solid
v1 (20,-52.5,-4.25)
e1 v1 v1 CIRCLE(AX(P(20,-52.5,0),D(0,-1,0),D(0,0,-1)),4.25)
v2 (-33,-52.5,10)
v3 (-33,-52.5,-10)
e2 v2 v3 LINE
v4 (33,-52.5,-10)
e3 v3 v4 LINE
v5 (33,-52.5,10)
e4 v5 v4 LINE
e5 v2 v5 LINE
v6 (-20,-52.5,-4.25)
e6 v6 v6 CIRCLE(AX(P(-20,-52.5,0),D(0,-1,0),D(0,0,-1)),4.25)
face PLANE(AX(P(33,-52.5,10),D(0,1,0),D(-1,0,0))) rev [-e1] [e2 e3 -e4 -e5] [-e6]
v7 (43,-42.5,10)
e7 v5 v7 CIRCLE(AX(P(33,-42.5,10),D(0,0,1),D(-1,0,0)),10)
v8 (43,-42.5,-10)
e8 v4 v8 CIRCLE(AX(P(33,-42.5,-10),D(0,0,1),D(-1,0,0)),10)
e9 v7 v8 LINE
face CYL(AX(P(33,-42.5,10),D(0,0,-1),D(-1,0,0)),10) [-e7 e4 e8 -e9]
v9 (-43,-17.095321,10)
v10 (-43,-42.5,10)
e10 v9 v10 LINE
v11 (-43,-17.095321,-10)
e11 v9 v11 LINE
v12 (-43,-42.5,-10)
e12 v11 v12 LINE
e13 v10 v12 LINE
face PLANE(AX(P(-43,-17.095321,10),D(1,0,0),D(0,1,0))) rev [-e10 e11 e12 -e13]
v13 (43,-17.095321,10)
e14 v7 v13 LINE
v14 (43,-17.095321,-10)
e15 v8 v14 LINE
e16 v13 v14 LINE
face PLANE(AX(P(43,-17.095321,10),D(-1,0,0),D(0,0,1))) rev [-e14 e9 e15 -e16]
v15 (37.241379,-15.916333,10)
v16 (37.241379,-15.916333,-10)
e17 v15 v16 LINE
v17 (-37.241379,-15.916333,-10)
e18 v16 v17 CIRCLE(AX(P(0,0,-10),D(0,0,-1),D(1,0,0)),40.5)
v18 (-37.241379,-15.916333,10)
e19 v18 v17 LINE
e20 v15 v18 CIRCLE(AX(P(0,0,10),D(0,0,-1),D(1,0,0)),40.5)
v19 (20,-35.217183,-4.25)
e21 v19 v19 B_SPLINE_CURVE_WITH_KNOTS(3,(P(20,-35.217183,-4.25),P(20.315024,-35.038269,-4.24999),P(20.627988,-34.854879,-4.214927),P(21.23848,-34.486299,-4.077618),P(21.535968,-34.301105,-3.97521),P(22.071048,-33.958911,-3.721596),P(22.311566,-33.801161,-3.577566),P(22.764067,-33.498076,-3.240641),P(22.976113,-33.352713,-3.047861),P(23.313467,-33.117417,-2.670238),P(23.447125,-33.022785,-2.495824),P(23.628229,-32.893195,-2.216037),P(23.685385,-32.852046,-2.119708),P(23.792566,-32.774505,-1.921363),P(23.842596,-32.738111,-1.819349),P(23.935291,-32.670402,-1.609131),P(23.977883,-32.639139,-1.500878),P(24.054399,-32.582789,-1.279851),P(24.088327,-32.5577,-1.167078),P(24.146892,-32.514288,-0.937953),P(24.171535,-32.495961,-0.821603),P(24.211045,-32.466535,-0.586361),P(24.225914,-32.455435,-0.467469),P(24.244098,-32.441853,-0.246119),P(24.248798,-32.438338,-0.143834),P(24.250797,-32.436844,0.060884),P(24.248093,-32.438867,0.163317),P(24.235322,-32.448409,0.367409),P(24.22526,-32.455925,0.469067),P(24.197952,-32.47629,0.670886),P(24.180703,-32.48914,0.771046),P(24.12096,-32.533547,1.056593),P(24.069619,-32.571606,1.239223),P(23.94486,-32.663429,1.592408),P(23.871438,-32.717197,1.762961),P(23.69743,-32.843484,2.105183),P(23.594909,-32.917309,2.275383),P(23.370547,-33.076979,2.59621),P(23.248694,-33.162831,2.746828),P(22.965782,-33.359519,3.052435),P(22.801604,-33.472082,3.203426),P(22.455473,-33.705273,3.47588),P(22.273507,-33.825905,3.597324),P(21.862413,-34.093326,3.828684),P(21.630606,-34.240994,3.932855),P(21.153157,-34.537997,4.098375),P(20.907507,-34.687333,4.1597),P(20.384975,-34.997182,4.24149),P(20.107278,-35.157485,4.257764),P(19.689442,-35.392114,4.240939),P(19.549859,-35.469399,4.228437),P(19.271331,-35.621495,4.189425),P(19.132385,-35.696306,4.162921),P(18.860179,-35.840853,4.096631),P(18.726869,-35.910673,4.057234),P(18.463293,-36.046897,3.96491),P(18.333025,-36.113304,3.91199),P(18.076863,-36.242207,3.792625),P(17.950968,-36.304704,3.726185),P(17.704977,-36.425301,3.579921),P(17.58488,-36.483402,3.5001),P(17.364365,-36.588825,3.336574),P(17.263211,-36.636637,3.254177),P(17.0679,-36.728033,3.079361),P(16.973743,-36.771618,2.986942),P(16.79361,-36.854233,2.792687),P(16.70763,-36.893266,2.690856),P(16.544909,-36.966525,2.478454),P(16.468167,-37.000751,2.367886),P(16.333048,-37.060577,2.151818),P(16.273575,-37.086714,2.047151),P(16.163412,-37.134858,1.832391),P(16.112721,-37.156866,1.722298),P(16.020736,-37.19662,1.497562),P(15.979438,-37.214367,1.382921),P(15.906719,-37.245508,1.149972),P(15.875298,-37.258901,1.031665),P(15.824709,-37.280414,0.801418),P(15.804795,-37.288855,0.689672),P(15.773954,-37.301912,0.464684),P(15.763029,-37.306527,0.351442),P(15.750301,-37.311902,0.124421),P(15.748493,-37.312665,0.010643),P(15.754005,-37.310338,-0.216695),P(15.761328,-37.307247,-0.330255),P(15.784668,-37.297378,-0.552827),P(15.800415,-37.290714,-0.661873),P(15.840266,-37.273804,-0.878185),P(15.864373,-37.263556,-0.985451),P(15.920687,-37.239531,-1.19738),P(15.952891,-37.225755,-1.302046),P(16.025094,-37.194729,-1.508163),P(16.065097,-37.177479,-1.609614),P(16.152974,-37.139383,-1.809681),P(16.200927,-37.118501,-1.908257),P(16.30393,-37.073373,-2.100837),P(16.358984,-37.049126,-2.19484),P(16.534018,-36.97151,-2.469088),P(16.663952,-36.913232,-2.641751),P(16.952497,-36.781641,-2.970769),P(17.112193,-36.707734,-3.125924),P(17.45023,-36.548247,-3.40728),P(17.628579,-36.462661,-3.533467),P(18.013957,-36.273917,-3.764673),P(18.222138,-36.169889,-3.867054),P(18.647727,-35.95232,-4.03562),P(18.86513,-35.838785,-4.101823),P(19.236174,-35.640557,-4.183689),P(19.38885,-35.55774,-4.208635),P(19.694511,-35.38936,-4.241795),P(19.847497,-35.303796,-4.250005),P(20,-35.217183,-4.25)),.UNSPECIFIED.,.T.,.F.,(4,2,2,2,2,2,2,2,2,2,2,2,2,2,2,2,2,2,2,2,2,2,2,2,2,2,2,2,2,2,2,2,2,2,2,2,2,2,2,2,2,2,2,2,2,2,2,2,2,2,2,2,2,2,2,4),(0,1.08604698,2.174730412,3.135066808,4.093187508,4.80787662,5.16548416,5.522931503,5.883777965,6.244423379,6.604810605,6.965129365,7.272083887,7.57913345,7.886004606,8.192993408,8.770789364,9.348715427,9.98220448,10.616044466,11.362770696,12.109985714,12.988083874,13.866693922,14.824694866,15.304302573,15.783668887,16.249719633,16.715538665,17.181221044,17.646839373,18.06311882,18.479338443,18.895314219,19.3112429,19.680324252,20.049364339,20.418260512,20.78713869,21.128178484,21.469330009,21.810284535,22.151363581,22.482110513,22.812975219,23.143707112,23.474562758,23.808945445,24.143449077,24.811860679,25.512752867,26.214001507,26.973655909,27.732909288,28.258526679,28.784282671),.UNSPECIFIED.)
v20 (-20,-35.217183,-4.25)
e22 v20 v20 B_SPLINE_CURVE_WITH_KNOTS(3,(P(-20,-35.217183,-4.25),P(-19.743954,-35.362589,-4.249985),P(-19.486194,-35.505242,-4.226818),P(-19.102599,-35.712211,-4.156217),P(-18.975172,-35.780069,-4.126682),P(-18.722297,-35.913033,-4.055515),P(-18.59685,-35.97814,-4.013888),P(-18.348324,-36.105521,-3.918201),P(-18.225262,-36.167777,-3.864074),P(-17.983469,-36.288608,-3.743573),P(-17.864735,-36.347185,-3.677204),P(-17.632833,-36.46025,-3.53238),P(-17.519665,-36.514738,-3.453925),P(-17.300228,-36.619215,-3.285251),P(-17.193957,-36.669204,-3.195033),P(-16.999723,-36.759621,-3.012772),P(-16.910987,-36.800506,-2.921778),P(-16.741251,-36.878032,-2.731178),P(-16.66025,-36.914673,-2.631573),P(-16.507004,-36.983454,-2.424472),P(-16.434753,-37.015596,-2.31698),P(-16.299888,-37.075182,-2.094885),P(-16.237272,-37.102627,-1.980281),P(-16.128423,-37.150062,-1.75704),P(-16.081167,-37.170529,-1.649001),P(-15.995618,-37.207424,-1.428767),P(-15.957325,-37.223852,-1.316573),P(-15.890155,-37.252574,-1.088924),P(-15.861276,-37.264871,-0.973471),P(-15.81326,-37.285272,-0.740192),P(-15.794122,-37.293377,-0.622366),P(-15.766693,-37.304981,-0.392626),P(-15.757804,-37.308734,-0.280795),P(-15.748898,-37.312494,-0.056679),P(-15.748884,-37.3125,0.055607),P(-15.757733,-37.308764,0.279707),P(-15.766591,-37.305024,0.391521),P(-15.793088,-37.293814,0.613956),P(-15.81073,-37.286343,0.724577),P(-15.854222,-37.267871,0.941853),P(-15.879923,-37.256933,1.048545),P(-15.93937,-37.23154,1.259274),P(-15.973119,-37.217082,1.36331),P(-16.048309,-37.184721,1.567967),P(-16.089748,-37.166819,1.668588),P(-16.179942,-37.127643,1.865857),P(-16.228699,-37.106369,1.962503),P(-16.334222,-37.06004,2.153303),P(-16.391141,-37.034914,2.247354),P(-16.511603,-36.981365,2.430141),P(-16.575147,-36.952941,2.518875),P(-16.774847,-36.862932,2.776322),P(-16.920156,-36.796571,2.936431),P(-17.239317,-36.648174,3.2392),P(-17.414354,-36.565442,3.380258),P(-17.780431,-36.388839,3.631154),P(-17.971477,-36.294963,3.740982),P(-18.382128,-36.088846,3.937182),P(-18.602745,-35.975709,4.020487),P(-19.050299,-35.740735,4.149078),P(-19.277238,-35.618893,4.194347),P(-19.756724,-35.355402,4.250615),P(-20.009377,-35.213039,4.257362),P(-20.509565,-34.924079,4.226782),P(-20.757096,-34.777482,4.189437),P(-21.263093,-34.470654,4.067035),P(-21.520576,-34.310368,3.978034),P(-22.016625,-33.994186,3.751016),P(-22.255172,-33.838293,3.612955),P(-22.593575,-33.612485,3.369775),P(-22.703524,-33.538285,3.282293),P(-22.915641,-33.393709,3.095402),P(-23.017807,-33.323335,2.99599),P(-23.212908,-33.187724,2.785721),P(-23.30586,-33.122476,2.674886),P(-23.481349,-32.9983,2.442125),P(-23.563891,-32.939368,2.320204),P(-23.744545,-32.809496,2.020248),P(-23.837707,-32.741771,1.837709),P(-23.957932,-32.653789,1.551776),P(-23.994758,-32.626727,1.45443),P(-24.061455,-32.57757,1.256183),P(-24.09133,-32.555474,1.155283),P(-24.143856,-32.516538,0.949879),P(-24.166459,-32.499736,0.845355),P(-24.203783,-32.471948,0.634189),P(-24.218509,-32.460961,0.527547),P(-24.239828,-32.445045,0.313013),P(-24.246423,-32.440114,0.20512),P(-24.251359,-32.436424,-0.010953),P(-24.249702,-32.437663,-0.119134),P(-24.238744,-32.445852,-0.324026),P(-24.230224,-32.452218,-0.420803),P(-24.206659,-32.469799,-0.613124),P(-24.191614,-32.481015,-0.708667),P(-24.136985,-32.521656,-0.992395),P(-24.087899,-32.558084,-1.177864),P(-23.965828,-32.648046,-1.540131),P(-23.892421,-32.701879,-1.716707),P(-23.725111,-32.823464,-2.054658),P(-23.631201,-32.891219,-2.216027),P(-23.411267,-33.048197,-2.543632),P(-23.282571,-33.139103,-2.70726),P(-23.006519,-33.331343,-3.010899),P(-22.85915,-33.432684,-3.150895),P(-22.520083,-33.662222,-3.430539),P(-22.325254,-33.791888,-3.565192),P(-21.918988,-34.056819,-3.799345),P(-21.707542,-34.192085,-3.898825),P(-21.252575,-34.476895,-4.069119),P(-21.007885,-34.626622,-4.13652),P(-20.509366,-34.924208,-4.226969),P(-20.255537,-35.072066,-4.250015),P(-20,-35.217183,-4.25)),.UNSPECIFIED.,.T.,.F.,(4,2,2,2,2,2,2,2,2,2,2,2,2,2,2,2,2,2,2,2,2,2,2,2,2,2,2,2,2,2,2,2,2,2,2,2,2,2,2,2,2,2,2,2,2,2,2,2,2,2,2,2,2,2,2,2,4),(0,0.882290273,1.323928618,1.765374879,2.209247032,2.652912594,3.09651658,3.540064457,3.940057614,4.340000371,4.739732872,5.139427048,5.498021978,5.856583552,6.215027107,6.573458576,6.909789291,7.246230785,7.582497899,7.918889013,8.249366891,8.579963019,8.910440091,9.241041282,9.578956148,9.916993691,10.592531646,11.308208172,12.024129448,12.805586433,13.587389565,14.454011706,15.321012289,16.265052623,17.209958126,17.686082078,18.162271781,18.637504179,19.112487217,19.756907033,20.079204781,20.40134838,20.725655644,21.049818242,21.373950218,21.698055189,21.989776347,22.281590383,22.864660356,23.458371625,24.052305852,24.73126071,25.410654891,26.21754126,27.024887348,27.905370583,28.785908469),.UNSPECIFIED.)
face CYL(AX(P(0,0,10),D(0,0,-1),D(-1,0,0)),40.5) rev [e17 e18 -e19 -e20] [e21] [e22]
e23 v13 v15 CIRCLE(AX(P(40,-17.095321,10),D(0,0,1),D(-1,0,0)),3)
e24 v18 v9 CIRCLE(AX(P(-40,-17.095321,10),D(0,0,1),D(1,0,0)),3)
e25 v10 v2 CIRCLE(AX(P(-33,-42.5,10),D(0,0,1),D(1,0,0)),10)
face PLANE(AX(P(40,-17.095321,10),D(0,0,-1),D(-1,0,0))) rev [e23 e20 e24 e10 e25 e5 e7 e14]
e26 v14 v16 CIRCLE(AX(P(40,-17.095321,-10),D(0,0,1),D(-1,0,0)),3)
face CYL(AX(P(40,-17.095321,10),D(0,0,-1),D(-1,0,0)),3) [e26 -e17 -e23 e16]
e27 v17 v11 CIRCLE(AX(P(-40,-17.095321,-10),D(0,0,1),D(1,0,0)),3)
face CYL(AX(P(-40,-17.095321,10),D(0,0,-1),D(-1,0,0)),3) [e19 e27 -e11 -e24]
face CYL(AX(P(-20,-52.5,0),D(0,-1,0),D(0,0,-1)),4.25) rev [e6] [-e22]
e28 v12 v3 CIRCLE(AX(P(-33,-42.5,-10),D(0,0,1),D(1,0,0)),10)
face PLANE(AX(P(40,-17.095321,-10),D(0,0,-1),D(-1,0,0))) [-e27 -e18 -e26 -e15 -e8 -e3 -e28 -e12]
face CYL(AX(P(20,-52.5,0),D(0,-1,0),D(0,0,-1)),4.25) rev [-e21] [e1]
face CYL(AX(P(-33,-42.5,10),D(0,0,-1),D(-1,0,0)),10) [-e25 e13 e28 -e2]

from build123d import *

# Parameters (mm, degrees)
BASE_EXTRUDE_DEPTH = 10
HOLE1_D            = 8.5
HOLE1_DEPTH        = 30
HOLE1_TIP          = 2.553657631


with BuildPart() as part:
    # Sketch1 → Base-Extrude (new body, symmetric)
    with BuildSketch(Plane.XY):
        with BuildLine():
            Line((43, -17.095320997), (43, -42.5))
            ThreePointArc((43, -42.5), (40.071067812, -49.571067812), (33, -52.5))
            Line((33, -52.5), (-33, -52.5))
            ThreePointArc((-33, -52.5), (-40.071067812, -49.571067812), (-43, -42.5))
            Line((-43, -42.5), (-43, -17.095320997))
            ThreePointArc((-43, -17.095320997), (-40.601721668, -14.156285265), (-37.24137931, -15.916333342))
            ThreePointArc((-37.24137931, -15.916333342), (0, -40.5), (37.24137931, -15.916333342))
            ThreePointArc((37.24137931, -15.916333342), (40.601721668, -14.156285265), (43, -17.095320997))
        make_face()
    extrude(amount=BASE_EXTRUDE_DEPTH, both=True)

    # Hole1
    with Locations(Plane.XZ.offset(52.5)):
        with Locations((-20, 0), (20, 0)):
            Hole(HOLE1_D / 2, depth=HOLE1_DEPTH)
            with Locations((0, 0, -(HOLE1_DEPTH + HOLE1_TIP / 2))):  # 118° drill point
                Cone(0, HOLE1_D / 2, HOLE1_TIP, mode=Mode.SUBTRACT)


solid = part.part
